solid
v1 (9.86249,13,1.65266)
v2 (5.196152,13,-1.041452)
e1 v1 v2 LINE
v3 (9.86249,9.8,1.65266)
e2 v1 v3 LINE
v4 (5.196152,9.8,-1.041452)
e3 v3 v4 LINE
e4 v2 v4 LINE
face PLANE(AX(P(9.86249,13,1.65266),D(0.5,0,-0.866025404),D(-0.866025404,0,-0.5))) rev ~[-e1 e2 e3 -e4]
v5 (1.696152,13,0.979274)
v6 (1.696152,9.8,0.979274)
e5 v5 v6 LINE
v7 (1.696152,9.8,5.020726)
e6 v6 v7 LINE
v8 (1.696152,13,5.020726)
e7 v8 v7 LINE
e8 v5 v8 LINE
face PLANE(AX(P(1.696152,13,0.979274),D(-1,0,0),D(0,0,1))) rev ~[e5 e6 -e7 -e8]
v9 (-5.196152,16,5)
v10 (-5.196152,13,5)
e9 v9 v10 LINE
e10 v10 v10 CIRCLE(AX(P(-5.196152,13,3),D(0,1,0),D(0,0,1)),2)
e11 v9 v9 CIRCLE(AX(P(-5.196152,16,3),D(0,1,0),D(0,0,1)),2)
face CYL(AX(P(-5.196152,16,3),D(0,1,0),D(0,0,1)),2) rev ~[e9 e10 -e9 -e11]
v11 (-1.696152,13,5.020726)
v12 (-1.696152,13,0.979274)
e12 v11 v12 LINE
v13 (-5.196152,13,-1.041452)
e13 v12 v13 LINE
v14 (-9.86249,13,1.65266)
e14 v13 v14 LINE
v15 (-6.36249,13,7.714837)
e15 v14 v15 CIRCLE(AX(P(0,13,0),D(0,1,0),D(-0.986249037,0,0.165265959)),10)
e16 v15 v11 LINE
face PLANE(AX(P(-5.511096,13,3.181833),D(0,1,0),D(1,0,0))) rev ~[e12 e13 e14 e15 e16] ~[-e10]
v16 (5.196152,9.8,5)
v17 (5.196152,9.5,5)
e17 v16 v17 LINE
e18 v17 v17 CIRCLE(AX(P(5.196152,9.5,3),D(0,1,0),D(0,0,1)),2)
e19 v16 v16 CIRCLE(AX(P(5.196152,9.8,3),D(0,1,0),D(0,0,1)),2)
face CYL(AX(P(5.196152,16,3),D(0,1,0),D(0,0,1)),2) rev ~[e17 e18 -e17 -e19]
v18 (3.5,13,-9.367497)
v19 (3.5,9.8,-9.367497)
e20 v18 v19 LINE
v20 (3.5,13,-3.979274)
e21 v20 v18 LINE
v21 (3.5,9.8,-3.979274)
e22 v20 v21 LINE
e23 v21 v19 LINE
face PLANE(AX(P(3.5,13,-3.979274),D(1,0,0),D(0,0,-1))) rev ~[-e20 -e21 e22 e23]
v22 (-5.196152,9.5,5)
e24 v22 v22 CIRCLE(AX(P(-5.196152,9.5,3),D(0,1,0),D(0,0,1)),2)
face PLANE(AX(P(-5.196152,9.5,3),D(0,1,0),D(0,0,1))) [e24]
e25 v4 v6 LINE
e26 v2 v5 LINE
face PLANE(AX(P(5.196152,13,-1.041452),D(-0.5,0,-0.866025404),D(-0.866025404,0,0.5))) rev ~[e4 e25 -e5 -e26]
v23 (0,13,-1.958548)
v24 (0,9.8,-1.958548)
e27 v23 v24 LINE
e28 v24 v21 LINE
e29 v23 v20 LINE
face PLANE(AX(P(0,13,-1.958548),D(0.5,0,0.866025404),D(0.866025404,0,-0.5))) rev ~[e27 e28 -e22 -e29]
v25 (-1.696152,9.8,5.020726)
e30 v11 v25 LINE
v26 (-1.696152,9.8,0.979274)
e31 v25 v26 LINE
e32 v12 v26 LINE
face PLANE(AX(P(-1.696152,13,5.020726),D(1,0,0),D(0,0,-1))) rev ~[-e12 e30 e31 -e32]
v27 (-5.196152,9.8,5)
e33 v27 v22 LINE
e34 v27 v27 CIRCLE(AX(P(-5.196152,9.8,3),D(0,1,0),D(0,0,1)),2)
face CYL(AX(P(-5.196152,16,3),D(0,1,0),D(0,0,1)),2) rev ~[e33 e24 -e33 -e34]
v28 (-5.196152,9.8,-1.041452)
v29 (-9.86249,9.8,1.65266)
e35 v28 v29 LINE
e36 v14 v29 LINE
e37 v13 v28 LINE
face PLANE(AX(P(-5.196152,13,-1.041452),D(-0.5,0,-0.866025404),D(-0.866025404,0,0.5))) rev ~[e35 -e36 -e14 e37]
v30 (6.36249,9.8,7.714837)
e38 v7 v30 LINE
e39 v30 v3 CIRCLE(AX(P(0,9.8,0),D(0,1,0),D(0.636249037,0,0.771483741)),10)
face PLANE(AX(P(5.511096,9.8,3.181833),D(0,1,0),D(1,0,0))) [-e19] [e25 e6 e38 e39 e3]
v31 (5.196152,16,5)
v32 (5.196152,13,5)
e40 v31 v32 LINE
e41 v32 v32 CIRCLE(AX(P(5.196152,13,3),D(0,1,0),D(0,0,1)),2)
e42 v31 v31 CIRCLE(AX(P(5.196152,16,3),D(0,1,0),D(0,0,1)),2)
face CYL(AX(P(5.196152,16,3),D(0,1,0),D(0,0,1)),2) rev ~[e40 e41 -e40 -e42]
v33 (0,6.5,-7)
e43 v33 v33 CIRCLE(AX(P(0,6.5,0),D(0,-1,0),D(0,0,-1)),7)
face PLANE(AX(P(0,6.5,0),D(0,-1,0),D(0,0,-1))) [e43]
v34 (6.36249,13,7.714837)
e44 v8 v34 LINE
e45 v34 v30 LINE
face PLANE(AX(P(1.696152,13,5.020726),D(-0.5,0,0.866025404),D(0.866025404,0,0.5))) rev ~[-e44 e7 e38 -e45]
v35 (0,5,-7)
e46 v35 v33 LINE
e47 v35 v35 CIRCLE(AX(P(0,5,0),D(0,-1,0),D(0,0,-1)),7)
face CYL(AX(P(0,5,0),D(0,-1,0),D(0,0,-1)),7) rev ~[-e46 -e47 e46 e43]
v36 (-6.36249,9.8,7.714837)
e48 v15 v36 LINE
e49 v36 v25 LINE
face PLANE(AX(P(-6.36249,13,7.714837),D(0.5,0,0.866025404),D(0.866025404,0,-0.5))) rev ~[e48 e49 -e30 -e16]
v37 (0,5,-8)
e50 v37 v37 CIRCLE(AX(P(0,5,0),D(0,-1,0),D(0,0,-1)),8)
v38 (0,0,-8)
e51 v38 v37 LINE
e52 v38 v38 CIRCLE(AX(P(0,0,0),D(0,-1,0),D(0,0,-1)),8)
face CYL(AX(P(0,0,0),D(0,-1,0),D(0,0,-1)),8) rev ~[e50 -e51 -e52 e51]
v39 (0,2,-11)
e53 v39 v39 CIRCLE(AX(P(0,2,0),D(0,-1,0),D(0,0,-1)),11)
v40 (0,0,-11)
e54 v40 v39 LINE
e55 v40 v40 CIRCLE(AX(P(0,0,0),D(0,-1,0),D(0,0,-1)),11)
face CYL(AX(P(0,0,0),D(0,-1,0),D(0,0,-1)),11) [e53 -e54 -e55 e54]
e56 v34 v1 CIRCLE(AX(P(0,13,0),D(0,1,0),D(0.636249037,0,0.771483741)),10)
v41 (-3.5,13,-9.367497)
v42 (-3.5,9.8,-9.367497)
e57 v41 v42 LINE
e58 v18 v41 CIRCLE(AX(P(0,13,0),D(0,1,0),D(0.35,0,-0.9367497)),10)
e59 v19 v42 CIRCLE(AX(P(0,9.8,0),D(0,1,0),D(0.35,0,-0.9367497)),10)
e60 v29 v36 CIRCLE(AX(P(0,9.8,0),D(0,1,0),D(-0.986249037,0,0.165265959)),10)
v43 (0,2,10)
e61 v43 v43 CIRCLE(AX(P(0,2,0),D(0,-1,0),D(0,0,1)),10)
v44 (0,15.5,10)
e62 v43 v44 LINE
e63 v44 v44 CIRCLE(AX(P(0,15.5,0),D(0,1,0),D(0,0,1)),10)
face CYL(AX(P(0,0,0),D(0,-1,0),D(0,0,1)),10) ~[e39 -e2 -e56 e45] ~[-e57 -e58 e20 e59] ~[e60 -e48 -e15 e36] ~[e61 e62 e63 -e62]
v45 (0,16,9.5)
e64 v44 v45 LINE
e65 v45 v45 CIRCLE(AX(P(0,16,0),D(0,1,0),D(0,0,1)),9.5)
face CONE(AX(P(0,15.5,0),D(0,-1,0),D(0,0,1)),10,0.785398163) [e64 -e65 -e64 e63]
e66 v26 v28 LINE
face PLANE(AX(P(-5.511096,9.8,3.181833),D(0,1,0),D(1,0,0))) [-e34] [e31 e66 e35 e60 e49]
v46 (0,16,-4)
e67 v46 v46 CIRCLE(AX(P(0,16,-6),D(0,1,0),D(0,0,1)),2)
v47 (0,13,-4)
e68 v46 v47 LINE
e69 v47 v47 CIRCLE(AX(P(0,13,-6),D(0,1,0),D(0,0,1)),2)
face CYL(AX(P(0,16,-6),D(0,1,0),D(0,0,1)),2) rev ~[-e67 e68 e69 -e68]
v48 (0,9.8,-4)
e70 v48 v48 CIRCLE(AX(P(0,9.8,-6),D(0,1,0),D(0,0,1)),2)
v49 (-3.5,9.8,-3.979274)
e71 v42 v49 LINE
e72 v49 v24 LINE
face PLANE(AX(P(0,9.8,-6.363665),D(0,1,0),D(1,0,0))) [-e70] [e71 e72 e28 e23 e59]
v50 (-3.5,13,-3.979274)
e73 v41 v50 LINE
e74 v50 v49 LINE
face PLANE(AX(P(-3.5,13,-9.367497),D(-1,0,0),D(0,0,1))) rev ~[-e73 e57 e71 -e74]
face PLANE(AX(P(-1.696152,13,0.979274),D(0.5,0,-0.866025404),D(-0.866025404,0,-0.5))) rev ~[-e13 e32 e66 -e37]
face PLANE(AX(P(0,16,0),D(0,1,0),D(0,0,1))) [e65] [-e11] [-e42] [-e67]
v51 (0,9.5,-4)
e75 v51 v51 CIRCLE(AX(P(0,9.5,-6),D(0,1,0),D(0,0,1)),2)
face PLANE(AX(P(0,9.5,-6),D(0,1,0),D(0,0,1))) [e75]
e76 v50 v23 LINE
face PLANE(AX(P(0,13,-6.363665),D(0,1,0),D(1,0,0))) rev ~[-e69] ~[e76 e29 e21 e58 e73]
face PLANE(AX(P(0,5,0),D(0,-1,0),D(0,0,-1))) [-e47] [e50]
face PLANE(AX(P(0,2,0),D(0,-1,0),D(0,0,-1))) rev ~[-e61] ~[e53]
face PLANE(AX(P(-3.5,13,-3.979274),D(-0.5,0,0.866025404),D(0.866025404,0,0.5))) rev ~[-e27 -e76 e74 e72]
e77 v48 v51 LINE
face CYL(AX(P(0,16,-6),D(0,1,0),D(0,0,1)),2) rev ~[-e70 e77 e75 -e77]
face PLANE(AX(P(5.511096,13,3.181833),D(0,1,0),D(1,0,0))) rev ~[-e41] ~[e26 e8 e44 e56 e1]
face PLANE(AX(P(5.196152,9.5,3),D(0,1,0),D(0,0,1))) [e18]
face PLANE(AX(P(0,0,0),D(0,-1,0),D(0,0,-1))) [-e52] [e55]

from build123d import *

# Parameters (mm, degrees)
SKETCH1_R           = 10
BOSS_EXTRUDE1_DEPTH = 16
SKETCH2_R           = 11
SKETCH2_R_2         = 10
BOSS_EXTRUDE2_DEPTH = 2
SKETCH3_R           = 8
CUT_EXTRUDE1_DEPTH  = 6.5
SKETCH4_R           = 2
CUT_EXTRUDE2_DEPTH  = 6.5
CUT_EXTRUDE3_START  = -3
SKETCH5_R           = 2
CUT_EXTRUDE3_DEPTH  = 3.2
BOSS_EXTRUDE3_START = -5
SKETCH6_R           = 8
SKETCH6_R_2         = 7
BOSS_EXTRUDE3_DEPTH = 1.5
CHAMFER1_SIZE       = 0.5


with BuildPart() as part:
    # Sketch1 → Boss-Extrude1 (new body)
    with BuildSketch(Plane(origin=(0, 0, 0), x_dir=(1, 0, 0), z_dir=(0, 1, 0))):
        with Locations(Location((0, 0, 0), (0, 0, 270))):
            Circle(SKETCH1_R)
    extrude(amount=BOSS_EXTRUDE1_DEPTH)

    # Sketch2 → Boss-Extrude2 (add)
    with BuildSketch(Plane.XZ):
        with Locations(Location((0, 0, 0), (0, 0, 270))):
            Circle(SKETCH2_R)
        with Locations(Location((0, 0, 0), (0, 0, 270))):
            Circle(SKETCH2_R_2, mode=Mode.SUBTRACT)
    extrude(amount=-BOSS_EXTRUDE2_DEPTH)

    # Sketch3 → Cut-Extrude1 (cut)
    with BuildSketch(Plane.XZ):
        with Locations(Location((0, 0, 0), (0, 0, 270))):
            Circle(SKETCH3_R)
    extrude(amount=-CUT_EXTRUDE1_DEPTH, mode=Mode.SUBTRACT)

    # Sketch4 → Cut-Extrude2 (cut)
    with BuildSketch(Plane(origin=(0, 16, 0), x_dir=(1, 0, 0), z_dir=(0, 1, 0))):
        with Locations(Location((0, 6, 0), (0, 0, 270))):
            Circle(SKETCH4_R)
        with Locations(Location((5.196152423, -3, 0), (0, 0, 270))):
            Circle(SKETCH4_R)
        with Locations(Location((-5.196152423, -3, 0), (0, 0, 270))):
            Circle(SKETCH4_R)
    extrude(amount=-CUT_EXTRUDE2_DEPTH, mode=Mode.SUBTRACT)

    # Sketch5 → Cut-Extrude3 (cut)
    # profile 1 of 3: a face of its own
    with BuildSketch(Plane(origin=(0, 16, 0), x_dir=(1, 0, 0), z_dir=(0, 1, 0)).offset(CUT_EXTRUDE3_START)):
        with BuildLine():
            Line((-3.5, 9.367496998), (-3.5, 3.979274058))
            Line((-3.5, 3.979274058), (0, 1.958548116))
            Line((0, 1.958548116), (3.5, 3.979274058))
            Line((3.5, 3.979274058), (3.5, 9.367496998))
            ThreePointArc((3.5, 9.367496998), (0, 10), (-3.5, 9.367496998))
        make_face()
        with Locations(Location((0, 6, 0), (0, 0, 270))):
            Circle(SKETCH5_R, mode=Mode.SUBTRACT)
    # profile 2 of 3: a face of its own
    with BuildSketch(Plane(origin=(0, 16, 0), x_dir=(1, 0, 0), z_dir=(0, 1, 0)).offset(CUT_EXTRUDE3_START)):
        with BuildLine():
            ThreePointArc((-9.86249037, -1.652659586), (-8.660254038, -5), (-6.36249037, -7.714837412))
            Line((-6.36249037, -7.714837412), (-1.696152423, -5.020725942))
            Line((-1.696152423, -5.020725942), (-1.696152423, -0.979274058))
            Line((-1.696152423, -0.979274058), (-5.196152423, 1.041451884))
            Line((-5.196152423, 1.041451884), (-9.86249037, -1.652659586))
        make_face()
        with Locations(Location((-5.196152423, -3, 0), (0, 0, 270))):
            Circle(SKETCH5_R, mode=Mode.SUBTRACT)
    # profile 3 of 3: a face of its own
    with BuildSketch(Plane(origin=(0, 16, 0), x_dir=(1, 0, 0), z_dir=(0, 1, 0)).offset(CUT_EXTRUDE3_START)):
        with BuildLine():
            Line((9.86249037, -1.652659586), (5.196152423, 1.041451884))
            Line((5.196152423, 1.041451884), (1.696152423, -0.979274058))
            Line((1.696152423, -0.979274058), (1.696152423, -5.020725942))
            Line((1.696152423, -5.020725942), (6.36249037, -7.714837412))
            ThreePointArc((6.36249037, -7.714837412), (8.660254038, -5), (9.86249037, -1.652659586))
        make_face()
        with Locations(Location((5.196152423, -3, 0), (0, 0, 270))):
            Circle(SKETCH5_R, mode=Mode.SUBTRACT)
    extrude(amount=-CUT_EXTRUDE3_DEPTH, mode=Mode.SUBTRACT)

    # Sketch6 → Boss-Extrude3 (add)
    with BuildSketch(Plane.XZ.offset(BOSS_EXTRUDE3_START)):
        with Locations(Location((0, 0, 0), (0, 0, 270))):
            Circle(SKETCH6_R)
        with Locations(Location((0, 0, 0), (0, 0, 270))):
            Circle(SKETCH6_R_2, mode=Mode.SUBTRACT)
    extrude(amount=-BOSS_EXTRUDE3_DEPTH)

    # Chamfer1
    chamfer1_edges = [part.edges().sort_by_distance(p)[0] for p in [
        (0, 16, -10),
    ]]
    chamfer(chamfer1_edges, length=CHAMFER1_SIZE)


solid = part.part
